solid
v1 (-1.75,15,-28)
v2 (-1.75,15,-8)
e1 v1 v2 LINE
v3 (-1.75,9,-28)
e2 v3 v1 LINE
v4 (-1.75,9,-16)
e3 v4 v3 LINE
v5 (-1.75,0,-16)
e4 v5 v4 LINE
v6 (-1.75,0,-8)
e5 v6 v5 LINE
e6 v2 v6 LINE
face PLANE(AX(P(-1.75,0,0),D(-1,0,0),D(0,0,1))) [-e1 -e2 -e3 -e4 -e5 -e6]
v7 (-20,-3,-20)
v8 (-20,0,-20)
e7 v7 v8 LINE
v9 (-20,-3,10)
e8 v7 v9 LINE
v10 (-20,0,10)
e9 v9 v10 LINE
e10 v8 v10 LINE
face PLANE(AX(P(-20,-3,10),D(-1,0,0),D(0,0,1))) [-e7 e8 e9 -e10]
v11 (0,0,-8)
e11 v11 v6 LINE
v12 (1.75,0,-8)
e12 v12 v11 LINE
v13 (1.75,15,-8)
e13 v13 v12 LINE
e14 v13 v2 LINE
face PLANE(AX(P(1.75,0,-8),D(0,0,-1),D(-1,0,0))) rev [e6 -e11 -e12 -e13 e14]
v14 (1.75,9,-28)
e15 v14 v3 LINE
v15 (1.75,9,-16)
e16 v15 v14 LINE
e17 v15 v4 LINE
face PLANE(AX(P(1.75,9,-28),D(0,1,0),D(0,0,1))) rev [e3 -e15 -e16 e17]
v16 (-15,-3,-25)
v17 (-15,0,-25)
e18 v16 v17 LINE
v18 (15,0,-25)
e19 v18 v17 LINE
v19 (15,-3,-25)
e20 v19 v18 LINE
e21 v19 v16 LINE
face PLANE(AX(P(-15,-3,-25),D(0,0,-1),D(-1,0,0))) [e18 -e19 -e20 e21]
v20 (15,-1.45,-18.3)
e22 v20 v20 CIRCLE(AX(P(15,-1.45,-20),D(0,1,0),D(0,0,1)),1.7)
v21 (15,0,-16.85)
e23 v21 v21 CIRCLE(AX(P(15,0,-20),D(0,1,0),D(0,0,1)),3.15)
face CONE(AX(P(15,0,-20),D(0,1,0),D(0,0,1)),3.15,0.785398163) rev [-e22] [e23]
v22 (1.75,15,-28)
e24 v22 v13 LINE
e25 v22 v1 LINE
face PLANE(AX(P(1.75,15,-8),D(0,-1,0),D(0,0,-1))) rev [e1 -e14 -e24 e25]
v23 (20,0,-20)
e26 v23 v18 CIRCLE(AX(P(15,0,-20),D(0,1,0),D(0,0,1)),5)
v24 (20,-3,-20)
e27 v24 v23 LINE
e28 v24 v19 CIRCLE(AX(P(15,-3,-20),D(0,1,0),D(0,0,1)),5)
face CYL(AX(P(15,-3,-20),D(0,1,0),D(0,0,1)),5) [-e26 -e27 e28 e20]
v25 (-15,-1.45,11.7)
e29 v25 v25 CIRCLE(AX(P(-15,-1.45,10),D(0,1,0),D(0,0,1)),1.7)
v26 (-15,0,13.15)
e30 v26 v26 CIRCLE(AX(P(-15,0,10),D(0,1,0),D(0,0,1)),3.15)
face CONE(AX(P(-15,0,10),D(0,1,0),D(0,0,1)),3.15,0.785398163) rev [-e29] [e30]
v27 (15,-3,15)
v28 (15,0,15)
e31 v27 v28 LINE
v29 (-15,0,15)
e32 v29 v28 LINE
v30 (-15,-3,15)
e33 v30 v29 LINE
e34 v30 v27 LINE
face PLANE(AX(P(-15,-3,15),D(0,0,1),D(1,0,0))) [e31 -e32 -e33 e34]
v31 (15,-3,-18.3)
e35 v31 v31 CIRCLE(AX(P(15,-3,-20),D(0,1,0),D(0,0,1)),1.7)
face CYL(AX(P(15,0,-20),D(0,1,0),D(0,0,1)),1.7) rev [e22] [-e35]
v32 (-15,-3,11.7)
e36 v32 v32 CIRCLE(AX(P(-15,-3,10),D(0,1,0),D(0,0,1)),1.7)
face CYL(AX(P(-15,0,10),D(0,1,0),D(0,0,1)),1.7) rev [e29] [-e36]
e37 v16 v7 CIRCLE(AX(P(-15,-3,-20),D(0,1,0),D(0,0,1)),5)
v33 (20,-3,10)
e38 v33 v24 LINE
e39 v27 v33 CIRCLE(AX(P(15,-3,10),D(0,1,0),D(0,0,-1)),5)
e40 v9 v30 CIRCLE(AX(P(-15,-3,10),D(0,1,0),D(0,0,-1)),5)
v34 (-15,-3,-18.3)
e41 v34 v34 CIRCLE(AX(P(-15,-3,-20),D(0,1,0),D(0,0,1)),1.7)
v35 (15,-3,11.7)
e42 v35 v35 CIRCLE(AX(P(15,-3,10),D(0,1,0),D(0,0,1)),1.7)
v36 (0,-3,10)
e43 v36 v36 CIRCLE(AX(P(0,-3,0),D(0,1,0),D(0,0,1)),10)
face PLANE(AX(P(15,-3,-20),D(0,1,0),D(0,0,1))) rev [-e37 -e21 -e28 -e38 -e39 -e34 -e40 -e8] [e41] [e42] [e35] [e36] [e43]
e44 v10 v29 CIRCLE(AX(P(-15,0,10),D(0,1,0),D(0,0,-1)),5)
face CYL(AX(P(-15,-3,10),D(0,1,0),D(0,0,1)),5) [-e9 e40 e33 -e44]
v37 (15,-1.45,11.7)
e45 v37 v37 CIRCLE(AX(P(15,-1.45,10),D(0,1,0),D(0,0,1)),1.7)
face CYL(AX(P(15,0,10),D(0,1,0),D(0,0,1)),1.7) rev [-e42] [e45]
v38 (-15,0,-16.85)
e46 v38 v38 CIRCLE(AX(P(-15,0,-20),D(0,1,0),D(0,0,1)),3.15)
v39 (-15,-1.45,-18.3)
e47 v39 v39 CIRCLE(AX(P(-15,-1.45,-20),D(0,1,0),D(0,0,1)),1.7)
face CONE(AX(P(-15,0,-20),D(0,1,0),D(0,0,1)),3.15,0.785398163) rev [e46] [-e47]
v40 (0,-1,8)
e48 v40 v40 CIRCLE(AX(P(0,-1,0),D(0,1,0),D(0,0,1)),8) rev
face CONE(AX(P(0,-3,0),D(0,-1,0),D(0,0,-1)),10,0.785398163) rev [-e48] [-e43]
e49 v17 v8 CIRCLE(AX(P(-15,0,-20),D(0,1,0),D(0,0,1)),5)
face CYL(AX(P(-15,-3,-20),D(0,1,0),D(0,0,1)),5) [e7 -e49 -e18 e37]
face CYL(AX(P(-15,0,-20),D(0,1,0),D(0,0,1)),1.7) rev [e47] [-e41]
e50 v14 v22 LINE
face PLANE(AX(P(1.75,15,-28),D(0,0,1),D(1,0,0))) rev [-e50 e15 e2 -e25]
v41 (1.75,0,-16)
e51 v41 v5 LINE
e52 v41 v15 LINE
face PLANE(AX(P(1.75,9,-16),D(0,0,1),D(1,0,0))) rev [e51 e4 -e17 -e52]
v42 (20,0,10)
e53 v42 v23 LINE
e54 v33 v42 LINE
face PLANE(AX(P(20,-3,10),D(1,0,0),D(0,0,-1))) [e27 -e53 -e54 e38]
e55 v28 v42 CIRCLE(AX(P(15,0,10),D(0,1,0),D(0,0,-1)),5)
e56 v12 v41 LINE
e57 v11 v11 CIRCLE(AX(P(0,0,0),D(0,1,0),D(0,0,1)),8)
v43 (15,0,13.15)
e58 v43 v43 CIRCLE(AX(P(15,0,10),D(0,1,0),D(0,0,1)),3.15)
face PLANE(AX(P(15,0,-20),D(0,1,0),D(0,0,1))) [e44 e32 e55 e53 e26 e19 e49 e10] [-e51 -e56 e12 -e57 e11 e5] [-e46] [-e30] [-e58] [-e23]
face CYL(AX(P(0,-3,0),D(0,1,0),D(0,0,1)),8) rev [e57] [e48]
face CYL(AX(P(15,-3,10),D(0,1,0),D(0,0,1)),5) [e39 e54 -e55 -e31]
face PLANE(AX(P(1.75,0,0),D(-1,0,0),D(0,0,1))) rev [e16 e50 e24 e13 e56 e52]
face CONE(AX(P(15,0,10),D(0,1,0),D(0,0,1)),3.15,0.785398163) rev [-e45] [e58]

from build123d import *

# Parameters (mm, degrees)
SKETCH1_R                                    = 8
BOSS_EXTRUDE1_DEPTH                          = 3
CSK_FOR_M3_COUNTERSUNK_FLAT_HEAD_SCR_2_COUNT = 2
CSK_FOR_M3_COUNTERSUNK_FLAT_HEAD_SCR_2_PITCH = 30
CSK_FOR_M3_COUNTERSUNK_FLAT_HEAD_SCR_3_COUNT = 2
CSK_FOR_M3_COUNTERSUNK_FLAT_HEAD_SCR_3_PITCH = 42.426406871
CSK_FOR_M3_COUNTERSUNK_FLAT_HEAD_SCR_4_COUNT = 2
CSK_FOR_M3_COUNTERSUNK_FLAT_HEAD_SCR_4_PITCH = 30
CHAMFER1_SIZE                                = 2
BOSS_EXTRUDE2_DEPTH                          = 1.75


with BuildPart() as part:
    # Sketch1 → Boss-Extrude1 (new body)
    with BuildSketch(Plane(origin=(0, 0, 0), x_dir=(1, 0, 0), z_dir=(0, 1, 0))):
        with BuildLine():
            Line((-15, -15), (15, -15))
            ThreePointArc((15, -15), (18.535533906, -13.535533906), (20, -10))
            Line((20, -10), (20, 20))
            ThreePointArc((20, 20), (18.535533906, 23.535533906), (15, 25))
            Line((15, 25), (-15, 25))
            ThreePointArc((-15, 25), (-18.535533906, 23.535533906), (-20, 20))
            Line((-20, 20), (-20, -10))
            ThreePointArc((-20, -10), (-18.535533906, -13.535533906), (-15, -15))
        make_face()
        Circle(SKETCH1_R, mode=Mode.SUBTRACT)
    extrude(amount=-BOSS_EXTRUDE1_DEPTH)

    # Sketch6 → CSK for M3 Countersunk Flat Head Screw1 (revolve, cut)
    with BuildSketch(Plane(origin=(-15, 0, -20), x_dir=(0, 0, 1), z_dir=(1, 0, 0))):
        Polygon((0, 0), (0, 3), (1.7, 3), (1.7, 1.45), (3.15, 0), align=None)
    csk_for_m3_countersunk_flat_head_screw1 = revolve(axis=Axis((-15, 6.35, -20), (0, -1, 0)), mode=Mode.SUBTRACT)

    # CSK for M3 Countersunk Flat Head Scr 2: CSK for M3 Countersunk Flat Head Screw1 ×2
    with Locations(*[(i * CSK_FOR_M3_COUNTERSUNK_FLAT_HEAD_SCR_2_PITCH, 0, 0) for i in range(1, CSK_FOR_M3_COUNTERSUNK_FLAT_HEAD_SCR_2_COUNT)]):
        add(csk_for_m3_countersunk_flat_head_screw1, mode=Mode.SUBTRACT)

    # CSK for M3 Countersunk Flat Head Scr 3: CSK for M3 Countersunk Flat Head Screw1 ×2
    with Locations(*[Vector(0.707106781, 0, 0.707106781) * (i * CSK_FOR_M3_COUNTERSUNK_FLAT_HEAD_SCR_3_PITCH) for i in range(1, CSK_FOR_M3_COUNTERSUNK_FLAT_HEAD_SCR_3_COUNT)]):
        add(csk_for_m3_countersunk_flat_head_screw1, mode=Mode.SUBTRACT)

    # CSK for M3 Countersunk Flat Head Scr 4: CSK for M3 Countersunk Flat Head Screw1 ×2
    with Locations(*[(0, 0, i * CSK_FOR_M3_COUNTERSUNK_FLAT_HEAD_SCR_4_PITCH) for i in range(1, CSK_FOR_M3_COUNTERSUNK_FLAT_HEAD_SCR_4_COUNT)]):
        add(csk_for_m3_countersunk_flat_head_screw1, mode=Mode.SUBTRACT)

    # Chamfer1
    chamfer1_edges = [part.edges().sort_by_distance(p)[0] for p in [
        (-8, -3, 0),
    ]]
    chamfer(chamfer1_edges, length=CHAMFER1_SIZE)

    # Sketch9 → Boss-Extrude2 (add, symmetric)
    with BuildSketch(Plane(origin=(0, 0, 0), x_dir=(0, 0, -1), z_dir=(1, 0, 0))):
        Polygon((8, 0), (8, 15), (28, 15), (28, 9), (16, 9), (16, 0), align=None)
    extrude(amount=BOSS_EXTRUDE2_DEPTH, both=True)


solid = part.part
